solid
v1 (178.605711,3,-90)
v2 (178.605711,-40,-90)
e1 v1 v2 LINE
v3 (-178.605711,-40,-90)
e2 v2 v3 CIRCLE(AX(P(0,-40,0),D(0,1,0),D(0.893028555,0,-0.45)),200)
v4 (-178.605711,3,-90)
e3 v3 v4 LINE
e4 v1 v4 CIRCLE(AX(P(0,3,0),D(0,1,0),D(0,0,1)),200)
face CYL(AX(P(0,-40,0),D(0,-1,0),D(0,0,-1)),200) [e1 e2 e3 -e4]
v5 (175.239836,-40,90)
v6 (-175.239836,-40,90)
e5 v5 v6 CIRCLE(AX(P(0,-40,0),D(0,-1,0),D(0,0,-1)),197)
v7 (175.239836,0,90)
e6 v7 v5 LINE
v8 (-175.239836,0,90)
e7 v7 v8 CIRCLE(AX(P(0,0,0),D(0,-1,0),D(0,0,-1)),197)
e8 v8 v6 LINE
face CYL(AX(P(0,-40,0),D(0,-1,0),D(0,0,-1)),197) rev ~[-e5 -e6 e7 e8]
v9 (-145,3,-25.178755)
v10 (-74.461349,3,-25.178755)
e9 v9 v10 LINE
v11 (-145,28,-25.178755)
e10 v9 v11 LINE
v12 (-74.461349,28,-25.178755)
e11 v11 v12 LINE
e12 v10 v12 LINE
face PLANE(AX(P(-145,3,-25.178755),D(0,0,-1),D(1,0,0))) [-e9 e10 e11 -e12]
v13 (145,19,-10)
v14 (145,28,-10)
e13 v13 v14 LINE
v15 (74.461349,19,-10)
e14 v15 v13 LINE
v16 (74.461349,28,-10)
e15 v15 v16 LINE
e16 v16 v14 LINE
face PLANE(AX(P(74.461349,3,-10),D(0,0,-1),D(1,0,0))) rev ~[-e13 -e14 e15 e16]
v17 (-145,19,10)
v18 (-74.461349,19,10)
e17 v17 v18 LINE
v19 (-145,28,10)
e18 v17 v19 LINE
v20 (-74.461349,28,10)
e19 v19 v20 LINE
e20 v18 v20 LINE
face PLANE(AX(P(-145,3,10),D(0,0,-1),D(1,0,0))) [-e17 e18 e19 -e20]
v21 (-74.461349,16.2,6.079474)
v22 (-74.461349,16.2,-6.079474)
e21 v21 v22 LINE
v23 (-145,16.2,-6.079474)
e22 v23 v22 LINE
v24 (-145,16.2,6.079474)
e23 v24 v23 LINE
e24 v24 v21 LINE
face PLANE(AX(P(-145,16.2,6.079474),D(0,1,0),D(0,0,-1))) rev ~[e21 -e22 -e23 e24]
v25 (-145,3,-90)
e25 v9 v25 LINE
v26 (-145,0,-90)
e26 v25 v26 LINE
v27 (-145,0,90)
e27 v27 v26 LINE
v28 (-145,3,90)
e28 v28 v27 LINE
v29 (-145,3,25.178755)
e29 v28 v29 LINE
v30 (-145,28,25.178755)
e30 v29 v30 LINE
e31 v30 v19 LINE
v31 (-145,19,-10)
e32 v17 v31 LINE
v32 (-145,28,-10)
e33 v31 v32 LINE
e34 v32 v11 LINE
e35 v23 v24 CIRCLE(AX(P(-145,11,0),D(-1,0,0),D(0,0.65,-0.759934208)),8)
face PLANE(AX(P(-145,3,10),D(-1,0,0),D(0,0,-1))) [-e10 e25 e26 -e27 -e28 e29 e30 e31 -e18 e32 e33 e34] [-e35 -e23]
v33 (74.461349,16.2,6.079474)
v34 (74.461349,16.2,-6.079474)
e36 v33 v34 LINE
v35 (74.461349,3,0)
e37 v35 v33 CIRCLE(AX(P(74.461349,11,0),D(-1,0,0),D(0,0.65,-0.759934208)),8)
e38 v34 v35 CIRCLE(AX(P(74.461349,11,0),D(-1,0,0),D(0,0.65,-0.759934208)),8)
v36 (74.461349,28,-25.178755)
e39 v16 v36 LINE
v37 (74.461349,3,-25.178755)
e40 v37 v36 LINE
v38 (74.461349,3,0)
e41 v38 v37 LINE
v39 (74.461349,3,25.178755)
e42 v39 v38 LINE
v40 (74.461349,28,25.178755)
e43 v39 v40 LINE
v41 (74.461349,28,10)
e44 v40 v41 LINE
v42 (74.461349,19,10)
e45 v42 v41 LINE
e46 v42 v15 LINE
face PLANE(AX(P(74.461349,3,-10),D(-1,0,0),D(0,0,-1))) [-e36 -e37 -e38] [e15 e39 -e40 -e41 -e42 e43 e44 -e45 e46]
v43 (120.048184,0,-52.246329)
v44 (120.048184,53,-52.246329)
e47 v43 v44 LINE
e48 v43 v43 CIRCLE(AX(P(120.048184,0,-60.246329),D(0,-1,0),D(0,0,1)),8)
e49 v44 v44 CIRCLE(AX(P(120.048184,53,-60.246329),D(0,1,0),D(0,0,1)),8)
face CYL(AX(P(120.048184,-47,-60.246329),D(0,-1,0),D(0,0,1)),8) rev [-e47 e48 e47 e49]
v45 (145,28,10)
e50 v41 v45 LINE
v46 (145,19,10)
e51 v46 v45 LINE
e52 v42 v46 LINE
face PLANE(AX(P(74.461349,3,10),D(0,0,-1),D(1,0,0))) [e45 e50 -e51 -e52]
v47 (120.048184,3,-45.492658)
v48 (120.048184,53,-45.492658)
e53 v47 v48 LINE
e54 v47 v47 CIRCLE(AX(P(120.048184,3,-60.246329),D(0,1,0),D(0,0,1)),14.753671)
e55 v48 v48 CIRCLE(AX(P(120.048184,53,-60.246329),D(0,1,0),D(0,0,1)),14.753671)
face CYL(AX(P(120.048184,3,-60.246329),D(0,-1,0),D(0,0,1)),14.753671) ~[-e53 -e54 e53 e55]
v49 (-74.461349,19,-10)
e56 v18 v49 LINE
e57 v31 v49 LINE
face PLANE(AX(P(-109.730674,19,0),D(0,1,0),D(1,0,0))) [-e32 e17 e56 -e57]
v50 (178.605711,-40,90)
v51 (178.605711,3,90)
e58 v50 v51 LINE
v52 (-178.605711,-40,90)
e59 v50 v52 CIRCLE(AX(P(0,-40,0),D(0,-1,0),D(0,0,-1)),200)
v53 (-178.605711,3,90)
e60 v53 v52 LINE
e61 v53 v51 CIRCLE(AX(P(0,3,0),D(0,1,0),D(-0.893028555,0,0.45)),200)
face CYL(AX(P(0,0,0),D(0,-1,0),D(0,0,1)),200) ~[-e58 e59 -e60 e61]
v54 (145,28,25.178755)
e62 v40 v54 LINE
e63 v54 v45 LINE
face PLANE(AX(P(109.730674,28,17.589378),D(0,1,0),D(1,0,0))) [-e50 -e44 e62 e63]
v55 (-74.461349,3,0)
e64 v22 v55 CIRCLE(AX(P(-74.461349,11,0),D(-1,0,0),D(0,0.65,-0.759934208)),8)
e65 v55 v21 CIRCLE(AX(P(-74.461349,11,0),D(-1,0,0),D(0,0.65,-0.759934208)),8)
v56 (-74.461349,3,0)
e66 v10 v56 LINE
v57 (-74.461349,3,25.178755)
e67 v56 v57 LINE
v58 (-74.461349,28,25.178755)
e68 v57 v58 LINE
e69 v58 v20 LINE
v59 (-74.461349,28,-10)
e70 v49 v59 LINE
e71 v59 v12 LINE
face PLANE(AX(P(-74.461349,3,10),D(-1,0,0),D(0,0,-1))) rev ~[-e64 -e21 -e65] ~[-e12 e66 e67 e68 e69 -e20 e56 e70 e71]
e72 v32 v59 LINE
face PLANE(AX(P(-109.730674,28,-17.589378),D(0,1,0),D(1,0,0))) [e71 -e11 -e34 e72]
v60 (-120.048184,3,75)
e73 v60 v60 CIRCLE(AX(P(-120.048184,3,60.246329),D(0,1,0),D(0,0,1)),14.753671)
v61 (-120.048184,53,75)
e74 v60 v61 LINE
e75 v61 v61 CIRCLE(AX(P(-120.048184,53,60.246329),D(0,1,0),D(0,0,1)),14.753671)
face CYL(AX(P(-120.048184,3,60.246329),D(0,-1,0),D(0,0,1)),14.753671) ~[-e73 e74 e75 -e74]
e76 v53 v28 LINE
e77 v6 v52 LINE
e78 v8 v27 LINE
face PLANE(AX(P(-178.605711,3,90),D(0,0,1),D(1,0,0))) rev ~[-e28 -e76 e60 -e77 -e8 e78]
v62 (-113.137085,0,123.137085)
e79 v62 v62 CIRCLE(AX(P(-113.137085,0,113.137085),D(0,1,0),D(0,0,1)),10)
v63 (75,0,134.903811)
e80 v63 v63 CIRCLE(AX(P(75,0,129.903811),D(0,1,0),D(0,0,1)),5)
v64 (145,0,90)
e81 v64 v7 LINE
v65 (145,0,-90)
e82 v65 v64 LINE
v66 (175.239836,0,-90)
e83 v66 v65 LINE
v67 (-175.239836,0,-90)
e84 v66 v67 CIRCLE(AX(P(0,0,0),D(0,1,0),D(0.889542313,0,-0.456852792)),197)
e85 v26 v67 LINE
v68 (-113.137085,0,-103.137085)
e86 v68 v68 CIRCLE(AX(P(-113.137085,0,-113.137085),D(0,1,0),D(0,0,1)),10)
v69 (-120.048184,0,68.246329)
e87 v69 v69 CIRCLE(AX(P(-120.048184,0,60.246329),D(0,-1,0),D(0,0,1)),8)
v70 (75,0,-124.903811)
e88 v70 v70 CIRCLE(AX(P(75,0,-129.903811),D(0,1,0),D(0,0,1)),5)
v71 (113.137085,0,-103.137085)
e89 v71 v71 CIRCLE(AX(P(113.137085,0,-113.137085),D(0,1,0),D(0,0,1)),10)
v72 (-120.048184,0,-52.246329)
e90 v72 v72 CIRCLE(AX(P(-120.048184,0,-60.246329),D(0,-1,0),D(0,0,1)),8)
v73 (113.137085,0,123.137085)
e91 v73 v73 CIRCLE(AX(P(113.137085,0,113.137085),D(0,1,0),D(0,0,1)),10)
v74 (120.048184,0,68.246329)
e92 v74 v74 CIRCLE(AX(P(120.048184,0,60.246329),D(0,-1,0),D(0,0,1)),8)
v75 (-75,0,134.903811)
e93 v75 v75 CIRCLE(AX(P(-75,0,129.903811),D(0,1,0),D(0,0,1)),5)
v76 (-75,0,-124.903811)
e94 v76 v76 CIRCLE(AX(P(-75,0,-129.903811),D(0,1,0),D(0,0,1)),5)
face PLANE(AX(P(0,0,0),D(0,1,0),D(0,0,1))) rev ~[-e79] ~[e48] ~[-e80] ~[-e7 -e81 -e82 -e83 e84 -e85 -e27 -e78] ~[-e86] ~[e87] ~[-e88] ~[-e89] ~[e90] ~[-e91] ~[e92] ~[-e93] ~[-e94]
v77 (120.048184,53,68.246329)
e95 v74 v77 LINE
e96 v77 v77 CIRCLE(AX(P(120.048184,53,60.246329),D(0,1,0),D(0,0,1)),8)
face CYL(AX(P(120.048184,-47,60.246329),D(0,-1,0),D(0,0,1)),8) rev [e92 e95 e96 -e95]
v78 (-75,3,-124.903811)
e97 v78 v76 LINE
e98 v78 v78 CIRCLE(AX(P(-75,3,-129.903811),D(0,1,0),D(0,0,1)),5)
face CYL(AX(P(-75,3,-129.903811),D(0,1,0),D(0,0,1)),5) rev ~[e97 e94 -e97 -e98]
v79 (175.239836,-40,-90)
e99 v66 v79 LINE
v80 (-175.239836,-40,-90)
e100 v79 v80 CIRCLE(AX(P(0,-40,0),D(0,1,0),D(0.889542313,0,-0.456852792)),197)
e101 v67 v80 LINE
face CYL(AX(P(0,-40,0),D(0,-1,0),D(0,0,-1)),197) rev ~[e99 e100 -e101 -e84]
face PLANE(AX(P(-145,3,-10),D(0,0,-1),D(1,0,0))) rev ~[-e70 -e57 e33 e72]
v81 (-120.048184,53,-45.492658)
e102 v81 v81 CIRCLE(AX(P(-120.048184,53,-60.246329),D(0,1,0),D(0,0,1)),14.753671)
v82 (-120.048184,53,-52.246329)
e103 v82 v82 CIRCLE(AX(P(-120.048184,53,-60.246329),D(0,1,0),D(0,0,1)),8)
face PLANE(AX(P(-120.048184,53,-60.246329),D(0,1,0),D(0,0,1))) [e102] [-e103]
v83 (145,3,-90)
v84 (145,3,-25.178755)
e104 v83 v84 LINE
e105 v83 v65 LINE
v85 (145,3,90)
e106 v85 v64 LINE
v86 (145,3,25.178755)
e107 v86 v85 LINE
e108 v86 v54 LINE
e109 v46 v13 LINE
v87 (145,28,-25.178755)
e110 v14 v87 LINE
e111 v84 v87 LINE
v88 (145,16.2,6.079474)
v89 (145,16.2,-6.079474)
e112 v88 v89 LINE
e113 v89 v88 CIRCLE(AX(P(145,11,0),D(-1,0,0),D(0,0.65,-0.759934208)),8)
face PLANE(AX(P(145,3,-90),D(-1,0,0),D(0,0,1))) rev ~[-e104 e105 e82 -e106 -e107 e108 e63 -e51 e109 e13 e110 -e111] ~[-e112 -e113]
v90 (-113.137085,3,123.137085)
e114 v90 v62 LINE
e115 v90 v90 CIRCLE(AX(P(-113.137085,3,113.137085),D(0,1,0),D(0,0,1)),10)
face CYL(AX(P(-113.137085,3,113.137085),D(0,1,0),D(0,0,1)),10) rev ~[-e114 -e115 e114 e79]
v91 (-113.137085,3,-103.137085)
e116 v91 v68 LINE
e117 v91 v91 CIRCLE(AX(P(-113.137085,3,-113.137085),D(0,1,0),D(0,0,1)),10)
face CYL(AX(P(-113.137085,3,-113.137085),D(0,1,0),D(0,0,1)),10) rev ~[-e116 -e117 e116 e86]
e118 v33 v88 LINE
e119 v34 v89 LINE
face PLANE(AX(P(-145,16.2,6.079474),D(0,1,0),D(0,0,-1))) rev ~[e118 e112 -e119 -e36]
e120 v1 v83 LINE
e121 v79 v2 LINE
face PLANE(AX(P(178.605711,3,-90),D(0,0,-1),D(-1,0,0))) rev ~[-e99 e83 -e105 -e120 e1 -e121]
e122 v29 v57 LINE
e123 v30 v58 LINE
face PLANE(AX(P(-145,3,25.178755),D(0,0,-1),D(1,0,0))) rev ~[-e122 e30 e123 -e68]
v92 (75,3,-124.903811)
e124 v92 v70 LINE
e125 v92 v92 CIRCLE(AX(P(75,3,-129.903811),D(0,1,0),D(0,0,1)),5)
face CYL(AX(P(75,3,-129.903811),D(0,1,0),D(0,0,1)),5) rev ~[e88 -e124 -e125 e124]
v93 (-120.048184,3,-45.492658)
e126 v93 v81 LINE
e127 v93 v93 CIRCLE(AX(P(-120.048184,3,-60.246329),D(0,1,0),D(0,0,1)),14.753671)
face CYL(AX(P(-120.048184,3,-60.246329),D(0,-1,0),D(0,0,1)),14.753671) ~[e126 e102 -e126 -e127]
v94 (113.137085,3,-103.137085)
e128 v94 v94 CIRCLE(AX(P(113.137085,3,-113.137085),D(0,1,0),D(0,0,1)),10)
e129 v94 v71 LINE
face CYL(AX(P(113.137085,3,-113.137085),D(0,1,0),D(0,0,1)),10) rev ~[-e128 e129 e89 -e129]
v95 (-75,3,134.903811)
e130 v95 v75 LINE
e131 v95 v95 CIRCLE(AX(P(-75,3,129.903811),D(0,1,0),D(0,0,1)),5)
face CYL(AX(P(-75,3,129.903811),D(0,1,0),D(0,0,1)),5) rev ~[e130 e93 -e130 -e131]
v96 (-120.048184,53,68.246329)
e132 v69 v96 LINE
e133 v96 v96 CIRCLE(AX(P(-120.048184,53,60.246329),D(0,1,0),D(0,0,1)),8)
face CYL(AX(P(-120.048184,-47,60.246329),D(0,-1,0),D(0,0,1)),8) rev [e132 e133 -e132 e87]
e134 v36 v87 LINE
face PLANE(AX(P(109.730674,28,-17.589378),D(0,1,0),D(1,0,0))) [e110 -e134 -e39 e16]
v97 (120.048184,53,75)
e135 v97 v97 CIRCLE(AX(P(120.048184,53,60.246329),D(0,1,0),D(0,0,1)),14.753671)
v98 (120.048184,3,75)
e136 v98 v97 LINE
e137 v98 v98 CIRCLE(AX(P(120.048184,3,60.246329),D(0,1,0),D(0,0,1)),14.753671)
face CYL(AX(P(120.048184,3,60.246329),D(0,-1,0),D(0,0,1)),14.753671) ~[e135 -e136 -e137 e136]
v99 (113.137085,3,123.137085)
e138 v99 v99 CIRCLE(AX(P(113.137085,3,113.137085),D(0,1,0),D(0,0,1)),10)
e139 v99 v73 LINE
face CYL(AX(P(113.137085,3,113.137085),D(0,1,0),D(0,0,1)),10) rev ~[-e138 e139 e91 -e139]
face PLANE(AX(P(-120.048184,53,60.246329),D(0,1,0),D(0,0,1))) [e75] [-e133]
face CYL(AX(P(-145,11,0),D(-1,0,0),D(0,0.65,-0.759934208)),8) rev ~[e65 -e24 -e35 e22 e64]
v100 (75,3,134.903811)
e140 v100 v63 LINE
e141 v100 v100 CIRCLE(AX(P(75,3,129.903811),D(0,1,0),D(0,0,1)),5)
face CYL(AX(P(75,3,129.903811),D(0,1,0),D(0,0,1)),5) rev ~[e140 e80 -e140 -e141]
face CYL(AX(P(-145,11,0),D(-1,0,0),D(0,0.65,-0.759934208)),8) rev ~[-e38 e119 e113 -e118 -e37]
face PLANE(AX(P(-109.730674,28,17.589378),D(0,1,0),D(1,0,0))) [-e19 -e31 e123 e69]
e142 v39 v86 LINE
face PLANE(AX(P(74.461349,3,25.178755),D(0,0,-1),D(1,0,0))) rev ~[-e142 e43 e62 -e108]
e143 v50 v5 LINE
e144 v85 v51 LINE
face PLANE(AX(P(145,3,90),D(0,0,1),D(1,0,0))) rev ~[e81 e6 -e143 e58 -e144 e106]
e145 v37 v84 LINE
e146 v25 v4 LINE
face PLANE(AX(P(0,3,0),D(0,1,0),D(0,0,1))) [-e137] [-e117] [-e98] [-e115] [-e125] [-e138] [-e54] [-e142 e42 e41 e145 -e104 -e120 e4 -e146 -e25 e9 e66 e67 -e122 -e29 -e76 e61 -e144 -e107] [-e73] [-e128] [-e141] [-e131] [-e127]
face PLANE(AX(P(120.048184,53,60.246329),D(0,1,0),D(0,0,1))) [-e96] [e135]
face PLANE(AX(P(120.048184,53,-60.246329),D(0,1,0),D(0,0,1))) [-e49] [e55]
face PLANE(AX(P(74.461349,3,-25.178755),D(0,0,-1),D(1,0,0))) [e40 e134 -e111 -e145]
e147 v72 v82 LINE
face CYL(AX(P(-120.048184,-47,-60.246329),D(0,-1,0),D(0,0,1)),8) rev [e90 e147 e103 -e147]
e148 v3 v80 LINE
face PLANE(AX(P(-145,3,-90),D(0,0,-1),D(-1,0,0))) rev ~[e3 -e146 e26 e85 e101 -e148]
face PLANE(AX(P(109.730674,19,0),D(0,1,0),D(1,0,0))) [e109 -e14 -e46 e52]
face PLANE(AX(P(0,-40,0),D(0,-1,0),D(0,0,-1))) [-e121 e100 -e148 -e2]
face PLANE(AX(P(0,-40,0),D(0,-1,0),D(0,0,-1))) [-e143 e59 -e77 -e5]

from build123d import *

# Parameters (mm, degrees)
SKETCH_1_R          = 200
EXTRUDE_1_DEPTH     = 3
EXTRUDE_START       = 40
SKETCH_2_R          = 200
SKETCH_2_R_2        = 197
EXTRUDE_2_DEPTH     = 40
SKETCH_3_R          = 10
SKETCH_3_R_2        = 5
CUT_EXTRUDE_2_DEPTH = 287.092642338
SKETCH_4_W          = 70.538651056
SKETCH_4_H          = 15.178755013
EXTRUDE_4_DEPTH     = 25
SKETCH_7_W          = 70.538651056
SKETCH_7_H          = 20
EXTRUDE_5_DEPTH     = 16
CUT_EXTRUDE_5_DEPTH = 383.518831155
SKETCH_10_R         = 14.753670985
SKETCH_10_R_2       = 8
EXTRUDE_8_DEPTH     = 50
CUT_EXTRUDE_START   = -50
SKETCH_12_R         = 8
CUT_EXTRUDE_8_DEPTH = 50


with BuildPart() as part:
    # 草图1 → 凸台-拉伸1 (new body)
    with BuildSketch(Plane(origin=(0, 0, 0), x_dir=(1, 0, 0), z_dir=(0, 1, 0))):
        with Locations(Location((0, 0, 0), (0, 0, 270))):
            Circle(SKETCH_1_R)
    extrude(amount=EXTRUDE_1_DEPTH)

    # 草图2 → 凸台-拉伸2 (add)
    with BuildSketch(Plane.XZ.offset(EXTRUDE_START)):
        with Locations(Location((0, 0, 0), (0, 0, 270))):
            Circle(SKETCH_2_R)
        with Locations(Location((0, 0, 0), (0, 0, 270))):
            Circle(SKETCH_2_R_2, mode=Mode.SUBTRACT)
    extrude(amount=-EXTRUDE_2_DEPTH)

    # 草图3 → 切除-拉伸2 (cut, through all)
    with BuildSketch(Plane(origin=(0, 3, 0), x_dir=(1, 0, 0), z_dir=(0, 1, 0))):
        with BuildLine():
            ThreePointArc((200, 0), (194.577930659, 46.253960917), (178.605710995, 90))
            Line((178.605710995, 90), (145, 90))
            Line((145, 90), (145, -90))
            Line((145, -90), (178.605710995, -90))
            ThreePointArc((178.605710995, -90), (194.577930659, -46.253960917), (200, 0))
        make_face()
        with BuildLine():
            Line((-145, 90), (-178.605710995, 90))
            ThreePointArc((-178.605710995, 90), (-200, 0), (-178.605710995, -90))
            Line((-178.605710995, -90), (-145, -90))
            Line((-145, -90), (-145, 90))
        make_face()
        with Locations(Location((-113.13708499, 113.13708499, 0), (0, 0, 270))):
            Circle(SKETCH_3_R)
        with Locations(Location((-113.13708499, -113.13708499, 0), (0, 0, 270))):
            Circle(SKETCH_3_R)
        with Locations(Location((-75, 129.903810568, 0), (0, 0, 270))):
            Circle(SKETCH_3_R_2)
        with Locations(Location((113.13708499, 113.13708499, 0), (0, 0, 270))):
            Circle(SKETCH_3_R)
        with Locations(Location((75, 129.903810568, 0), (0, 0, 270))):
            Circle(SKETCH_3_R_2)
        with Locations(Location((-75, -129.903810568, 0), (0, 0, 270))):
            Circle(SKETCH_3_R_2)
        with Locations(Location((113.13708499, -113.13708499, 0), (0, 0, 270))):
            Circle(SKETCH_3_R)
        with Locations(Location((75, -129.903810568, 0), (0, 0, 270))):
            Circle(SKETCH_3_R_2)
    extrude(amount=-CUT_EXTRUDE_2_DEPTH, mode=Mode.SUBTRACT)

    # 草图4 → 凸台-拉伸4 (add)
    with BuildSketch(Plane(origin=(0, 3, 0), x_dir=(1, 0, 0), z_dir=(0, 1, 0))):
        with Locations((-109.730674472, 17.589377506)):
            Rectangle(SKETCH_4_W, SKETCH_4_H)
        with Locations((-109.730674472, -17.589377506)):
            Rectangle(SKETCH_4_W, SKETCH_4_H)
        with Locations((109.730674472, 17.589377506)):
            Rectangle(SKETCH_4_W, SKETCH_4_H)
        with Locations((109.730674472, -17.589377506)):
            Rectangle(SKETCH_4_W, SKETCH_4_H)
    extrude(amount=EXTRUDE_4_DEPTH)

    # 草图7 → 凸台-拉伸5 (add)
    with BuildSketch(Plane(origin=(0, 3, 0), x_dir=(1, 0, 0), z_dir=(0, 1, 0))):
        with Locations((-109.730674472, 0)):
            Rectangle(SKETCH_7_W, SKETCH_7_H)
        with Locations((109.730674472, 0)):
            Rectangle(SKETCH_7_W, SKETCH_7_H)
    extrude(amount=EXTRUDE_5_DEPTH)

    # 草图8 → 切除-拉伸5 (cut, through all)
    with BuildSketch(Plane.ZY.offset(145)):
        with BuildLine():
            ThreePointArc((-6.079473661, 16.2), (0, 3), (6.079473661, 16.2))
            Line((6.079473661, 16.2), (-6.079473661, 16.2))
        make_face()
    extrude(amount=-CUT_EXTRUDE_5_DEPTH, mode=Mode.SUBTRACT)

    # 草图10 → 凸台-拉伸8 (add)
    # profile 1 of 4: a face of its own
    with BuildSketch(Plane(origin=(0, 3, 0), x_dir=(1, 0, 0), z_dir=(0, 1, 0))):
        with Locations(Location((-120.048184131, 60.246329015, 0), (0, 0, 270))):
            Circle(SKETCH_10_R)
        with Locations(Location((-120.048184131, 60.246329015, 0), (0, 0, 270))):
            Circle(SKETCH_10_R_2, mode=Mode.SUBTRACT)
    # profile 2 of 4: a face of its own
    with BuildSketch(Plane(origin=(0, 3, 0), x_dir=(1, 0, 0), z_dir=(0, 1, 0))):
        with Locations(Location((-120.048184131, -60.246329015, 0), (0, 0, 270))):
            Circle(SKETCH_10_R)
        with Locations(Location((-120.048184131, -60.246329015, 0), (0, 0, 270))):
            Circle(SKETCH_10_R_2, mode=Mode.SUBTRACT)
    # profile 3 of 4: a face of its own
    with BuildSketch(Plane(origin=(0, 3, 0), x_dir=(1, 0, 0), z_dir=(0, 1, 0))):
        with Locations(Location((120.048184131, -60.246329015, 0), (0, 0, 270))):
            Circle(SKETCH_10_R)
        with Locations(Location((120.048184131, -60.246329015, 0), (0, 0, 270))):
            Circle(SKETCH_10_R_2, mode=Mode.SUBTRACT)
    # profile 4 of 4: a face of its own
    with BuildSketch(Plane(origin=(0, 3, 0), x_dir=(1, 0, 0), z_dir=(0, 1, 0))):
        with Locations(Location((120.048184131, 60.246329015, 0), (0, 0, 270))):
            Circle(SKETCH_10_R)
        with Locations(Location((120.048184131, 60.246329015, 0), (0, 0, 270))):
            Circle(SKETCH_10_R_2, mode=Mode.SUBTRACT)
    extrude(amount=EXTRUDE_8_DEPTH)

    # 草图12 → 切除-拉伸8 (cut)
    with BuildSketch(Plane(origin=(0, 3, 0), x_dir=(1, 0, 0), z_dir=(0, 1, 0)).offset(CUT_EXTRUDE_START)):
        with Locations(Location((-120.048184131, 60.246329015, 0), (0, 0, 270))):
            Circle(SKETCH_12_R)
        with Locations(Location((-120.048184131, -60.246329015, 0), (0, 0, 270))):
            Circle(SKETCH_12_R)
        with Locations(Location((120.048184131, -60.246329015, 0), (0, 0, 270))):
            Circle(SKETCH_12_R)
        with Locations(Location((120.048184131, 60.246329015, 0), (0, 0, 270))):
            Circle(SKETCH_12_R)
    extrude(amount=CUT_EXTRUDE_8_DEPTH, mode=Mode.SUBTRACT)


solid = part.part
